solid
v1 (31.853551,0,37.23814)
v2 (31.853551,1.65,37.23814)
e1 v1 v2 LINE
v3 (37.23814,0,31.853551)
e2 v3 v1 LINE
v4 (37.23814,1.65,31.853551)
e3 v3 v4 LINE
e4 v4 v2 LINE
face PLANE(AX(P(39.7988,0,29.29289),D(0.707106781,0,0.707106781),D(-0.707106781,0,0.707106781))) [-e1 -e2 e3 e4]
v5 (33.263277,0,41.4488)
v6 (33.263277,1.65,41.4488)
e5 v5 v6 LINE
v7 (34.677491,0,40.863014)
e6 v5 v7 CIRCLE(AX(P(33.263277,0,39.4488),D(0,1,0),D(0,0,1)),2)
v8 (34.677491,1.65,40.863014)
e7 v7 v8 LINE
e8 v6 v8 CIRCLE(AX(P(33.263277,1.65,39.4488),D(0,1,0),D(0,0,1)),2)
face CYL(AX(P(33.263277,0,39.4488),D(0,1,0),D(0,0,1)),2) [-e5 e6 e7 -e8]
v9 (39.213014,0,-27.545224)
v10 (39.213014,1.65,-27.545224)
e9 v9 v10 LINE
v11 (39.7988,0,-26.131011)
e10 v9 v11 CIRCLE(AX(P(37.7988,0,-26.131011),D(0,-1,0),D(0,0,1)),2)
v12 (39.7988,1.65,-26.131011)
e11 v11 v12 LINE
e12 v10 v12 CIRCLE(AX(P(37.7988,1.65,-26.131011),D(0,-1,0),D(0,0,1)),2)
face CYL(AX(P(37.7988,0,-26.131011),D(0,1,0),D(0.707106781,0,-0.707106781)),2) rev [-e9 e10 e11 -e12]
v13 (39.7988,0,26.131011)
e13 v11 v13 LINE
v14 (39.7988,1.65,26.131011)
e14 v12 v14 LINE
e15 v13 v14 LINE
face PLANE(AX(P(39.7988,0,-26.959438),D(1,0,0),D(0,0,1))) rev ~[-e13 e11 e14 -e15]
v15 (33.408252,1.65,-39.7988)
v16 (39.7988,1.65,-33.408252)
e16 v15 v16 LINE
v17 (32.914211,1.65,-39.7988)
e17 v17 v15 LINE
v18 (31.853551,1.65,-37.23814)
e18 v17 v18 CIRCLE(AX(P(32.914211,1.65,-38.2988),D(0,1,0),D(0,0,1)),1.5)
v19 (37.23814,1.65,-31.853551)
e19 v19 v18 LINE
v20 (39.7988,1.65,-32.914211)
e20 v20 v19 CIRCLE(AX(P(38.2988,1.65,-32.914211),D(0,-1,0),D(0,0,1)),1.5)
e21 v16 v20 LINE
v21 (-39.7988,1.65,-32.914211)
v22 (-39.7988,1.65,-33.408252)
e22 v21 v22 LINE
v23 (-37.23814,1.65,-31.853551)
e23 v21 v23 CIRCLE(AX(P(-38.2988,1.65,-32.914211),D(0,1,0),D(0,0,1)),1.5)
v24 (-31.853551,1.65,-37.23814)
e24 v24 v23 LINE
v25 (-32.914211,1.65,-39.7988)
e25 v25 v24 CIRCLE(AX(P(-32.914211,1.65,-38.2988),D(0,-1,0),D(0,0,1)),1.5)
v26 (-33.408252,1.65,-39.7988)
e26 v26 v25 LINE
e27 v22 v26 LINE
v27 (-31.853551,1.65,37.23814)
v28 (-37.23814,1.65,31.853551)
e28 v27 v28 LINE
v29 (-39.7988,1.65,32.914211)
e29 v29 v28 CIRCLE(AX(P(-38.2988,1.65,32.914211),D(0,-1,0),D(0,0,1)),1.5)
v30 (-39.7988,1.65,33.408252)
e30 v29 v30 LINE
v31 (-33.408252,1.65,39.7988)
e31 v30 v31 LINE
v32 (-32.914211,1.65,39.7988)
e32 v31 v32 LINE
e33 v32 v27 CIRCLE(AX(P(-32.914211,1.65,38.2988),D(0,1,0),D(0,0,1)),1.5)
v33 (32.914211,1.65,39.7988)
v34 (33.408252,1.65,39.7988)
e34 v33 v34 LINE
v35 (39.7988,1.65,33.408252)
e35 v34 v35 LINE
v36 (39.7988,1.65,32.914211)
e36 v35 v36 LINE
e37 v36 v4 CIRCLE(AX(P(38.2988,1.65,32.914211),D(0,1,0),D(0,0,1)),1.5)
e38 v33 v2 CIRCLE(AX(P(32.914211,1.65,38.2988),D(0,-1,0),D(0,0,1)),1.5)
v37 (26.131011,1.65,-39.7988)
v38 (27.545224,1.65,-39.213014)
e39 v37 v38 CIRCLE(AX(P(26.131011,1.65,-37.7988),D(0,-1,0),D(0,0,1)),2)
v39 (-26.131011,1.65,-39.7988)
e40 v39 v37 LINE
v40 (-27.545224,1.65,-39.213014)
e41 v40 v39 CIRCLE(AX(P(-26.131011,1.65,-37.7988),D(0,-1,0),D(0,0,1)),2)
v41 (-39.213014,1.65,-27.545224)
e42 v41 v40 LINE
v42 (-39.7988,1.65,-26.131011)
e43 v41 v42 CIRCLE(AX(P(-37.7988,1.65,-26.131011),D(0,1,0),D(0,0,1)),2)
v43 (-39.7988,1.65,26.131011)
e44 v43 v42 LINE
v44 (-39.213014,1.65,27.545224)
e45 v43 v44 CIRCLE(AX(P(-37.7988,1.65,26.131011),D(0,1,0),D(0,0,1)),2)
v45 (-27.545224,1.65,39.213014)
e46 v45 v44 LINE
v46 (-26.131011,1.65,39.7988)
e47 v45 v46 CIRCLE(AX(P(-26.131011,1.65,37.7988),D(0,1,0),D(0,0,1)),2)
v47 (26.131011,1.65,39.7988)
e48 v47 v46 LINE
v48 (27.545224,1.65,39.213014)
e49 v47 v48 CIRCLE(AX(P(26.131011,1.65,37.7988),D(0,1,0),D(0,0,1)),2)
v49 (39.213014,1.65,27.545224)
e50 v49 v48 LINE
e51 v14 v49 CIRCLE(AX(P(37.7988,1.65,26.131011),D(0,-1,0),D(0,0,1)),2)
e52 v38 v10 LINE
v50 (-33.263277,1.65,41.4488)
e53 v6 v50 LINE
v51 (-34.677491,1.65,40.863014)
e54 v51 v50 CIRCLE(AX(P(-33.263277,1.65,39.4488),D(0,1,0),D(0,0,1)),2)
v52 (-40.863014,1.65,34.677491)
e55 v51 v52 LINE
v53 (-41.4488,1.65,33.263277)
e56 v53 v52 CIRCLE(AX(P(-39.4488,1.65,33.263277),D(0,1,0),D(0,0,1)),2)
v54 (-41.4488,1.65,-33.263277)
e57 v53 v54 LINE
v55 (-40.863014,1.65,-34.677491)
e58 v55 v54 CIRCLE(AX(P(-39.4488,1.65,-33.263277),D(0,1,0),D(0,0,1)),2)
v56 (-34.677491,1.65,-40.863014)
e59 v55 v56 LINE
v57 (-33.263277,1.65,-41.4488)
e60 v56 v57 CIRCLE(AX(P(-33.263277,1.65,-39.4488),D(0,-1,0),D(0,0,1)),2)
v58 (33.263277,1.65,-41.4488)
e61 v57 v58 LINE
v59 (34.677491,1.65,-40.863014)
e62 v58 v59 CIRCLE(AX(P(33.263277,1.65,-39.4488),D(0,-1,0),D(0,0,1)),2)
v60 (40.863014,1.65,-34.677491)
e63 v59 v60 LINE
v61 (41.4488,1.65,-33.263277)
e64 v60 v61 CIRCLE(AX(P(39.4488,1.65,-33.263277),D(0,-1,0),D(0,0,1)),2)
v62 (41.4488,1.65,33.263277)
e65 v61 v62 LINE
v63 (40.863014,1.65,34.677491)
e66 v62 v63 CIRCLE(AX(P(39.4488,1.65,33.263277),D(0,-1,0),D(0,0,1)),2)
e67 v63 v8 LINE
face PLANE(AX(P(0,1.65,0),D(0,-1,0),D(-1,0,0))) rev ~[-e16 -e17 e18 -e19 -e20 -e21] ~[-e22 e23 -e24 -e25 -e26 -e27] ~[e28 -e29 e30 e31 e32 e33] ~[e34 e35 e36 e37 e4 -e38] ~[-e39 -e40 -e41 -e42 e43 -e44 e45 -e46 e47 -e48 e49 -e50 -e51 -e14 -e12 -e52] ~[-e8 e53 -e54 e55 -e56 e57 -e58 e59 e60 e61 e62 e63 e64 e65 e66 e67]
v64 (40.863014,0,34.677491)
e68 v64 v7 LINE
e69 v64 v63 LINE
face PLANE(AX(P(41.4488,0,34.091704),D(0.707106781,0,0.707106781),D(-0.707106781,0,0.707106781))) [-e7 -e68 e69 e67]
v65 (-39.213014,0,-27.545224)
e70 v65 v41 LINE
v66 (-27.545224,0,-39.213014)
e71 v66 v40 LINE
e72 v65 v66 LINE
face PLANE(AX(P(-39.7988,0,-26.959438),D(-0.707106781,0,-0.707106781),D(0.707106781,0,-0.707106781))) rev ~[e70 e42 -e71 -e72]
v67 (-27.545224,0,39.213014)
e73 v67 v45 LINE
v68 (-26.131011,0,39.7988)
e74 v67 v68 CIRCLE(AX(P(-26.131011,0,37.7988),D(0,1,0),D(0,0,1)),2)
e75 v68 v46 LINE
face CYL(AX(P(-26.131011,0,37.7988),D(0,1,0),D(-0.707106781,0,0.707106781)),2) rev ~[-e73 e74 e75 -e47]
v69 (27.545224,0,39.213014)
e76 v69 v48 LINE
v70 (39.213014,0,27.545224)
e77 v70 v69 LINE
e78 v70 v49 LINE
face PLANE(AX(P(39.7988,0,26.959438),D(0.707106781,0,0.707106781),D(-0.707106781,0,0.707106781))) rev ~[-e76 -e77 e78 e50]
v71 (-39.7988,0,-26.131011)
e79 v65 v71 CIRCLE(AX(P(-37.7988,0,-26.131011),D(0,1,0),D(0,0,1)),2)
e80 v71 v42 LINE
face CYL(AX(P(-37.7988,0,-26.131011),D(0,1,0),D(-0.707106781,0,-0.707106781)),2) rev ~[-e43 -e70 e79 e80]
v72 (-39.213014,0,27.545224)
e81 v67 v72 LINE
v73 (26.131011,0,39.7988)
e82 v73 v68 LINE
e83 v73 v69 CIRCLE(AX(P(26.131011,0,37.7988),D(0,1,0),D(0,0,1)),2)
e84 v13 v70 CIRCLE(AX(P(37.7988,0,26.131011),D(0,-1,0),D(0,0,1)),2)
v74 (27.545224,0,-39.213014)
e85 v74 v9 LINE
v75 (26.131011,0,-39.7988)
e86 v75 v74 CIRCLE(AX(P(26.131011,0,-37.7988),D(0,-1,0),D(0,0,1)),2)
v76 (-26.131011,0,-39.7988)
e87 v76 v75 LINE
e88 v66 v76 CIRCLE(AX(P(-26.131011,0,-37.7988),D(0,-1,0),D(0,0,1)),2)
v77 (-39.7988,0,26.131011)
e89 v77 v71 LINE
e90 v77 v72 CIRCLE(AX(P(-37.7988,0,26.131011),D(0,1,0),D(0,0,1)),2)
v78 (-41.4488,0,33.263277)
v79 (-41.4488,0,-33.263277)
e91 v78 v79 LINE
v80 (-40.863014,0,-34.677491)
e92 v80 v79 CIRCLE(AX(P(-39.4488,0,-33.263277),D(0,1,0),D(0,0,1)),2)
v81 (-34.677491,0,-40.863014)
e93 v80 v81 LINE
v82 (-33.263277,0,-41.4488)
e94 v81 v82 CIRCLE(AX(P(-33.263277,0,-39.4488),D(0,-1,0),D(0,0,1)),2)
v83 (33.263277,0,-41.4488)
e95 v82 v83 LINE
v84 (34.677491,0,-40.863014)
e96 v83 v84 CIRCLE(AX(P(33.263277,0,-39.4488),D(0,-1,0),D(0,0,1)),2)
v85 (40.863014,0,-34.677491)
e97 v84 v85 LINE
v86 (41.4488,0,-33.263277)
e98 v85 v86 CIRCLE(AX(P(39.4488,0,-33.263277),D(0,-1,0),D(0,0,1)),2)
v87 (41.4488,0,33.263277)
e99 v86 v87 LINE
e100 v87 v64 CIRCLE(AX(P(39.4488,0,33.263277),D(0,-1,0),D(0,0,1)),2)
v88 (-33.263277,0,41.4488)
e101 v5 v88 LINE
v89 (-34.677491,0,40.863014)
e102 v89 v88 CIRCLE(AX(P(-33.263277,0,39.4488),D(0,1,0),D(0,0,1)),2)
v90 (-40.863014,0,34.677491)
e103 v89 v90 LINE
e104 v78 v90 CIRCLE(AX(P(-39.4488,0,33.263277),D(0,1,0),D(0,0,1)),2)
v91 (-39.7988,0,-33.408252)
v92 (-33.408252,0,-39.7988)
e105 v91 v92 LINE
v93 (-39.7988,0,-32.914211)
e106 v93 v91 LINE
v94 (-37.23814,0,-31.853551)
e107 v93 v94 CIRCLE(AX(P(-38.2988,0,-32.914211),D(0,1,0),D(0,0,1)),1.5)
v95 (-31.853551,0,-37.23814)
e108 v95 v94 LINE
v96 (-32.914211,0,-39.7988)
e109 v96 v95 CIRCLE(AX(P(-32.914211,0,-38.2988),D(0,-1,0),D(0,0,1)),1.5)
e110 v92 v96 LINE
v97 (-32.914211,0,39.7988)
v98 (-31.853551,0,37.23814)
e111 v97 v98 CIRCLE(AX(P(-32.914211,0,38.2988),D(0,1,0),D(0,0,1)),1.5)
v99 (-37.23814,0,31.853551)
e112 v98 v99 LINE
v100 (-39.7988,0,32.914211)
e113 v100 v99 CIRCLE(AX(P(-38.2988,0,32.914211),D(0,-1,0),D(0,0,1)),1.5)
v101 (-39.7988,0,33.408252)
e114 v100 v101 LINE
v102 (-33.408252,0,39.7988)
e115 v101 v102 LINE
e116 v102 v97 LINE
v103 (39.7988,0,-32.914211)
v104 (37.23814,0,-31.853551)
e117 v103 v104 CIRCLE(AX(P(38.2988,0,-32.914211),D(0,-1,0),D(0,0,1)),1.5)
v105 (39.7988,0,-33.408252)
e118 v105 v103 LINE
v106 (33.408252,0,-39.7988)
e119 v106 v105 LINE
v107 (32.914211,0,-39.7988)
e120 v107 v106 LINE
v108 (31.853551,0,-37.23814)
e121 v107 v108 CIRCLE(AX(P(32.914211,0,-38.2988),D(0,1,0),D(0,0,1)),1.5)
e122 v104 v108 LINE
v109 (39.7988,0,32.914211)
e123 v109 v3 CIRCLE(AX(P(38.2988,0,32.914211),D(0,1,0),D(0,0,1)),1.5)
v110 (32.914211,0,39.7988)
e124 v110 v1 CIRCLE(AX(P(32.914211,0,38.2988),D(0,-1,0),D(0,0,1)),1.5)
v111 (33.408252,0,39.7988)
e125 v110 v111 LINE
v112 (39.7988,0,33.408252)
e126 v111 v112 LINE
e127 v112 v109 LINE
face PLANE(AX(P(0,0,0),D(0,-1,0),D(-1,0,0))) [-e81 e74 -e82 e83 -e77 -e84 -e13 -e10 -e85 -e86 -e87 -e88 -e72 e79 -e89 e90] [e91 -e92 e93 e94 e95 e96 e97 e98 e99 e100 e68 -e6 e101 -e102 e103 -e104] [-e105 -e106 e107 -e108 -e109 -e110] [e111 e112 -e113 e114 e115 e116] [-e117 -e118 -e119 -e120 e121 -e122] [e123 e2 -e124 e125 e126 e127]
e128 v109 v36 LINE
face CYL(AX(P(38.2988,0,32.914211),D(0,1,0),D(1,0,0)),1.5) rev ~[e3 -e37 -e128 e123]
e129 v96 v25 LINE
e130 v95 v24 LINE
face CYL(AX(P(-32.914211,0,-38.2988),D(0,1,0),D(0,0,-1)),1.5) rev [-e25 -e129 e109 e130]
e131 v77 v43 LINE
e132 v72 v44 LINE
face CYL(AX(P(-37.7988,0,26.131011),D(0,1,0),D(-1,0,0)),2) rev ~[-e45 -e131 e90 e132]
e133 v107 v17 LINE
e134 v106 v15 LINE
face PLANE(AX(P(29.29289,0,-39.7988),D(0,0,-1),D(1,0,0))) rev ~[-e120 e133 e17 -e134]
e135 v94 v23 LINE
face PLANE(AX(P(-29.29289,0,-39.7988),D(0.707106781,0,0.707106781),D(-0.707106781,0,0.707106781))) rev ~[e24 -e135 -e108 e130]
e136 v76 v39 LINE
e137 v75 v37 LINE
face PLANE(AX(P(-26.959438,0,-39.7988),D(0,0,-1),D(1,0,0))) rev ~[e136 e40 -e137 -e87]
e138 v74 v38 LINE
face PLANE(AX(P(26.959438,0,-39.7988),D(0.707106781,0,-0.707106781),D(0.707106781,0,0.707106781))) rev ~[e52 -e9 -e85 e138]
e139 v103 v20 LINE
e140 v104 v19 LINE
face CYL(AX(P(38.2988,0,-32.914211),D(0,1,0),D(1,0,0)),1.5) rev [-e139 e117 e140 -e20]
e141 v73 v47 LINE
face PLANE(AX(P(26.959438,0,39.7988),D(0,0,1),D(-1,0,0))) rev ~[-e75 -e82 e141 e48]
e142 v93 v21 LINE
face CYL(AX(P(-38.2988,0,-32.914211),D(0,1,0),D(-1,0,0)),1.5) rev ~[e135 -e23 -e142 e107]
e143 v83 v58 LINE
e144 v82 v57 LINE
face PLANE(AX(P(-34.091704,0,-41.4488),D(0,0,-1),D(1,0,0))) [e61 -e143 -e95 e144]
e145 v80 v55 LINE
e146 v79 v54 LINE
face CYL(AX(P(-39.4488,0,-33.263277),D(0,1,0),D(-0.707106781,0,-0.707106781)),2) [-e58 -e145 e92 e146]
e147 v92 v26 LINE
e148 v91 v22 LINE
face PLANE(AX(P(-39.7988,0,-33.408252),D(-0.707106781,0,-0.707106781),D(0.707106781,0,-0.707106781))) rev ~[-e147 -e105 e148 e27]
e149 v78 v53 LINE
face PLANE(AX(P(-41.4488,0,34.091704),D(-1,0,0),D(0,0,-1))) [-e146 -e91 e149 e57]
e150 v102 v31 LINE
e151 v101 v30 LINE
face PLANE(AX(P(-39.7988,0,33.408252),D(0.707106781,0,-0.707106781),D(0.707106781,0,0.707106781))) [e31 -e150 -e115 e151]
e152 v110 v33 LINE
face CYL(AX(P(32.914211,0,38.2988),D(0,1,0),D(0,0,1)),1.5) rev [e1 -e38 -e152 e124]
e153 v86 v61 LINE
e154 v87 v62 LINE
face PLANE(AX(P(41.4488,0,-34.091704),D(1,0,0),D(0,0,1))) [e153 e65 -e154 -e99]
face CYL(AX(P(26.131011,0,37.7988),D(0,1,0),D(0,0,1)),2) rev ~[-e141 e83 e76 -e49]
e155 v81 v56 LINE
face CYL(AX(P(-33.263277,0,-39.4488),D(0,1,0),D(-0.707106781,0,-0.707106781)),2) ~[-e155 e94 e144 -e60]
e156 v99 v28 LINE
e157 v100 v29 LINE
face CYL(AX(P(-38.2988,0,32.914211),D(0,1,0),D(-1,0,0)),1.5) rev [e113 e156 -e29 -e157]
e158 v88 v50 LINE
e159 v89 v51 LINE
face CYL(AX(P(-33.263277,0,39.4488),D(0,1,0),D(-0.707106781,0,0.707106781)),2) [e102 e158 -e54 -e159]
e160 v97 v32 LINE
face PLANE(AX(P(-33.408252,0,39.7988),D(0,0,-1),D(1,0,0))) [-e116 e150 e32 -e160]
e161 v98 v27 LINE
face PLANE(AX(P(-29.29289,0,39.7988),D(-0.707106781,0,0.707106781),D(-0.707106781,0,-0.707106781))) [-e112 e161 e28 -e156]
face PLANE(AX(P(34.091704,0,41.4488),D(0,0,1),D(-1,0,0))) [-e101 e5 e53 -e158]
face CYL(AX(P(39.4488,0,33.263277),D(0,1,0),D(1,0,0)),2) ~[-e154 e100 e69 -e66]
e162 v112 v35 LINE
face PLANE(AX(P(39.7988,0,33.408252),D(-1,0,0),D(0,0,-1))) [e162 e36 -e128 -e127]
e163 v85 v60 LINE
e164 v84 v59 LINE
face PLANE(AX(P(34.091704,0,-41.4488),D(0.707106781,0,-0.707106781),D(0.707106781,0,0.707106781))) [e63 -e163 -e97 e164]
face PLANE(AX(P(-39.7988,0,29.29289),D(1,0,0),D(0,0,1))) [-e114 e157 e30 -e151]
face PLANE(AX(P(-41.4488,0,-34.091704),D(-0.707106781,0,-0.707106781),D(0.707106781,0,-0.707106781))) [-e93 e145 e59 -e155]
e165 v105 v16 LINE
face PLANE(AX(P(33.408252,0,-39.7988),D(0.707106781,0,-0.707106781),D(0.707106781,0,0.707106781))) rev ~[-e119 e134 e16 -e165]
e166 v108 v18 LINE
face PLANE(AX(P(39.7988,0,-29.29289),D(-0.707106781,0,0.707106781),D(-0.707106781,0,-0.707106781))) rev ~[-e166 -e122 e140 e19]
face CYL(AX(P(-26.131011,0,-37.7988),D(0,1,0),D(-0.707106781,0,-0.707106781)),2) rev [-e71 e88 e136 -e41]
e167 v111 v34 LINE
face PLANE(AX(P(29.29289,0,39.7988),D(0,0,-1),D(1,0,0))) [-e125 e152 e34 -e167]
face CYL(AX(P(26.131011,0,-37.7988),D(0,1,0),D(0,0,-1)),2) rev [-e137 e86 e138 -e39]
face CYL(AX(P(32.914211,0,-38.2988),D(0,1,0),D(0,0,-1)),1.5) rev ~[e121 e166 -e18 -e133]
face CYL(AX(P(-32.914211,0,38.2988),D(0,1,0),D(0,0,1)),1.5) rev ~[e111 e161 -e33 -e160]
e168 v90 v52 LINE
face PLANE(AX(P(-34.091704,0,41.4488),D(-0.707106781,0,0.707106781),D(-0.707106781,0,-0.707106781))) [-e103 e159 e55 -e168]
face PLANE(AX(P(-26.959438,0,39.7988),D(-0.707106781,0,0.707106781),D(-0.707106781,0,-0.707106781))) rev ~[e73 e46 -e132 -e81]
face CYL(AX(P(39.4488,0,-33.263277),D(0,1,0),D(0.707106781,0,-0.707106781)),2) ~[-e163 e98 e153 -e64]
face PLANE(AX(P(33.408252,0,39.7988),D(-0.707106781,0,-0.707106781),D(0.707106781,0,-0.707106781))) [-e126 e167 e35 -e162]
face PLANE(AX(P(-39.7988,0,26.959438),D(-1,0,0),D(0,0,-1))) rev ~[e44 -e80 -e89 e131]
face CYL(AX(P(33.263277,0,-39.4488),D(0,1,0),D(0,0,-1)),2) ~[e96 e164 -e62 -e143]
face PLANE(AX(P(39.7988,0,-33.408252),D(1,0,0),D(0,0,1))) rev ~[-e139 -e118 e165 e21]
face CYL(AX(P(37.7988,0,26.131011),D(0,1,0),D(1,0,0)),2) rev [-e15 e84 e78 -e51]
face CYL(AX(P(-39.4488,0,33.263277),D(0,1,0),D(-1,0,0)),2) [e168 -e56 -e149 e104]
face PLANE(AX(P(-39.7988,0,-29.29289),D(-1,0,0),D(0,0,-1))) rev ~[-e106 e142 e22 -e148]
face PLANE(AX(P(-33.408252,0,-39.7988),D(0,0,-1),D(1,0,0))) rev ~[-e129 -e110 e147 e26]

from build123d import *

# Parameters (mm, degrees)
BOSS_EXTRUDE1_DEPTH = 1.65
FILLET1_R           = 2
FILLET2_R           = 2
FILLET3_R           = 1.5


with BuildPart() as part:
    # Sketch1 → Boss-Extrude1 (new body)
    with BuildSketch(Plane(origin=(0, 0, 0), x_dir=(1, 0, 0), z_dir=(0, 1, 0))):
        Polygon((-41.448800006, 34.091704203), (-34.091704203, 41.448800006), (34.091704203, 41.448800006), (41.448800006, 34.091704203), (41.448800006, -34.091704203), (34.091704203, -41.448800006), (-34.091704203, -41.448800006), (-41.448800006, -34.091704203), align=None)
        Polygon((-39.798800006, 33.408251825), (-33.408251825, 39.798800006), (-29.292890359, 39.798800006), (-39.798800006, 29.292890359), align=None, mode=Mode.SUBTRACT)
        Polygon((-33.408251825, -39.798800006), (-29.292890359, -39.798800006), (-39.798800006, -29.292890359), (-39.798800006, -33.408251825), align=None, mode=Mode.SUBTRACT)
        Polygon((39.798800006, -33.408251825), (39.798800006, -29.292890359), (29.292890359, -39.798800006), (33.408251825, -39.798800006), align=None, mode=Mode.SUBTRACT)
        Polygon((33.408251825, 39.798800006), (39.798800006, 33.408251825), (39.798800006, 29.292890359), (29.292890359, 39.798800006), align=None, mode=Mode.SUBTRACT)
        Polygon((-39.798800006, 26.959437981), (-26.959437981, 39.798800006), (26.959437981, 39.798800006), (39.798800006, 26.959437981), (39.798800006, -26.959437981), (26.959437981, -39.798800006), (-26.959437981, -39.798800006), (-39.798800006, -26.959437981), align=None, mode=Mode.SUBTRACT)
    extrude(amount=BOSS_EXTRUDE1_DEPTH)

    # Fillet1
    fillet1_edges = [part.edges().sort_by_distance(p)[0] for p in [
        (-41.448800006, 0.825, -34.091704203),
        (-34.091704203, 0.825, -41.448800006),
        (-39.798800006, 0.825, -26.959437981),
        (-26.959437981, 0.825, -39.798800006),
    ]]
    fillet(fillet1_edges, radius=FILLET1_R)

    # Fillet2
    fillet2_edges = [part.edges().sort_by_distance(p)[0] for p in [
        (34.091704203, 0.825, -41.448800006),
        (41.448800006, 0.825, -34.091704203),
        (41.448800006, 0.825, 34.091704203),
        (34.091704203, 0.825, 41.448800006),
        (-34.091704203, 0.825, 41.448800006),
        (-41.448800006, 0.825, 34.091704203),
        (-39.798800006, 0.825, 26.959437981),
        (-26.959437981, 0.825, 39.798800006),
        (26.959437981, 0.825, 39.798800006),
        (39.798800006, 0.825, 26.959437981),
        (39.798800006, 0.825, -26.959437981),
        (26.959437981, 0.825, -39.798800006),
    ]]
    fillet(fillet2_edges, radius=FILLET2_R)

    # Fillet3
    fillet3_edges = [part.edges().sort_by_distance(p)[0] for p in [
        (-39.798800006, 0.825, -29.292890359),
        (-29.292890359, 0.825, -39.798800006),
        (29.292890359, 0.825, -39.798800006),
        (39.798800006, 0.825, -29.292890359),
        (39.798800006, 0.825, 29.292890359),
        (29.292890359, 0.825, 39.798800006),
        (-29.292890359, 0.825, 39.798800006),
        (-39.798800006, 0.825, 29.292890359),
    ]]
    fillet(fillet3_edges, radius=FILLET3_R)


solid = part.part
